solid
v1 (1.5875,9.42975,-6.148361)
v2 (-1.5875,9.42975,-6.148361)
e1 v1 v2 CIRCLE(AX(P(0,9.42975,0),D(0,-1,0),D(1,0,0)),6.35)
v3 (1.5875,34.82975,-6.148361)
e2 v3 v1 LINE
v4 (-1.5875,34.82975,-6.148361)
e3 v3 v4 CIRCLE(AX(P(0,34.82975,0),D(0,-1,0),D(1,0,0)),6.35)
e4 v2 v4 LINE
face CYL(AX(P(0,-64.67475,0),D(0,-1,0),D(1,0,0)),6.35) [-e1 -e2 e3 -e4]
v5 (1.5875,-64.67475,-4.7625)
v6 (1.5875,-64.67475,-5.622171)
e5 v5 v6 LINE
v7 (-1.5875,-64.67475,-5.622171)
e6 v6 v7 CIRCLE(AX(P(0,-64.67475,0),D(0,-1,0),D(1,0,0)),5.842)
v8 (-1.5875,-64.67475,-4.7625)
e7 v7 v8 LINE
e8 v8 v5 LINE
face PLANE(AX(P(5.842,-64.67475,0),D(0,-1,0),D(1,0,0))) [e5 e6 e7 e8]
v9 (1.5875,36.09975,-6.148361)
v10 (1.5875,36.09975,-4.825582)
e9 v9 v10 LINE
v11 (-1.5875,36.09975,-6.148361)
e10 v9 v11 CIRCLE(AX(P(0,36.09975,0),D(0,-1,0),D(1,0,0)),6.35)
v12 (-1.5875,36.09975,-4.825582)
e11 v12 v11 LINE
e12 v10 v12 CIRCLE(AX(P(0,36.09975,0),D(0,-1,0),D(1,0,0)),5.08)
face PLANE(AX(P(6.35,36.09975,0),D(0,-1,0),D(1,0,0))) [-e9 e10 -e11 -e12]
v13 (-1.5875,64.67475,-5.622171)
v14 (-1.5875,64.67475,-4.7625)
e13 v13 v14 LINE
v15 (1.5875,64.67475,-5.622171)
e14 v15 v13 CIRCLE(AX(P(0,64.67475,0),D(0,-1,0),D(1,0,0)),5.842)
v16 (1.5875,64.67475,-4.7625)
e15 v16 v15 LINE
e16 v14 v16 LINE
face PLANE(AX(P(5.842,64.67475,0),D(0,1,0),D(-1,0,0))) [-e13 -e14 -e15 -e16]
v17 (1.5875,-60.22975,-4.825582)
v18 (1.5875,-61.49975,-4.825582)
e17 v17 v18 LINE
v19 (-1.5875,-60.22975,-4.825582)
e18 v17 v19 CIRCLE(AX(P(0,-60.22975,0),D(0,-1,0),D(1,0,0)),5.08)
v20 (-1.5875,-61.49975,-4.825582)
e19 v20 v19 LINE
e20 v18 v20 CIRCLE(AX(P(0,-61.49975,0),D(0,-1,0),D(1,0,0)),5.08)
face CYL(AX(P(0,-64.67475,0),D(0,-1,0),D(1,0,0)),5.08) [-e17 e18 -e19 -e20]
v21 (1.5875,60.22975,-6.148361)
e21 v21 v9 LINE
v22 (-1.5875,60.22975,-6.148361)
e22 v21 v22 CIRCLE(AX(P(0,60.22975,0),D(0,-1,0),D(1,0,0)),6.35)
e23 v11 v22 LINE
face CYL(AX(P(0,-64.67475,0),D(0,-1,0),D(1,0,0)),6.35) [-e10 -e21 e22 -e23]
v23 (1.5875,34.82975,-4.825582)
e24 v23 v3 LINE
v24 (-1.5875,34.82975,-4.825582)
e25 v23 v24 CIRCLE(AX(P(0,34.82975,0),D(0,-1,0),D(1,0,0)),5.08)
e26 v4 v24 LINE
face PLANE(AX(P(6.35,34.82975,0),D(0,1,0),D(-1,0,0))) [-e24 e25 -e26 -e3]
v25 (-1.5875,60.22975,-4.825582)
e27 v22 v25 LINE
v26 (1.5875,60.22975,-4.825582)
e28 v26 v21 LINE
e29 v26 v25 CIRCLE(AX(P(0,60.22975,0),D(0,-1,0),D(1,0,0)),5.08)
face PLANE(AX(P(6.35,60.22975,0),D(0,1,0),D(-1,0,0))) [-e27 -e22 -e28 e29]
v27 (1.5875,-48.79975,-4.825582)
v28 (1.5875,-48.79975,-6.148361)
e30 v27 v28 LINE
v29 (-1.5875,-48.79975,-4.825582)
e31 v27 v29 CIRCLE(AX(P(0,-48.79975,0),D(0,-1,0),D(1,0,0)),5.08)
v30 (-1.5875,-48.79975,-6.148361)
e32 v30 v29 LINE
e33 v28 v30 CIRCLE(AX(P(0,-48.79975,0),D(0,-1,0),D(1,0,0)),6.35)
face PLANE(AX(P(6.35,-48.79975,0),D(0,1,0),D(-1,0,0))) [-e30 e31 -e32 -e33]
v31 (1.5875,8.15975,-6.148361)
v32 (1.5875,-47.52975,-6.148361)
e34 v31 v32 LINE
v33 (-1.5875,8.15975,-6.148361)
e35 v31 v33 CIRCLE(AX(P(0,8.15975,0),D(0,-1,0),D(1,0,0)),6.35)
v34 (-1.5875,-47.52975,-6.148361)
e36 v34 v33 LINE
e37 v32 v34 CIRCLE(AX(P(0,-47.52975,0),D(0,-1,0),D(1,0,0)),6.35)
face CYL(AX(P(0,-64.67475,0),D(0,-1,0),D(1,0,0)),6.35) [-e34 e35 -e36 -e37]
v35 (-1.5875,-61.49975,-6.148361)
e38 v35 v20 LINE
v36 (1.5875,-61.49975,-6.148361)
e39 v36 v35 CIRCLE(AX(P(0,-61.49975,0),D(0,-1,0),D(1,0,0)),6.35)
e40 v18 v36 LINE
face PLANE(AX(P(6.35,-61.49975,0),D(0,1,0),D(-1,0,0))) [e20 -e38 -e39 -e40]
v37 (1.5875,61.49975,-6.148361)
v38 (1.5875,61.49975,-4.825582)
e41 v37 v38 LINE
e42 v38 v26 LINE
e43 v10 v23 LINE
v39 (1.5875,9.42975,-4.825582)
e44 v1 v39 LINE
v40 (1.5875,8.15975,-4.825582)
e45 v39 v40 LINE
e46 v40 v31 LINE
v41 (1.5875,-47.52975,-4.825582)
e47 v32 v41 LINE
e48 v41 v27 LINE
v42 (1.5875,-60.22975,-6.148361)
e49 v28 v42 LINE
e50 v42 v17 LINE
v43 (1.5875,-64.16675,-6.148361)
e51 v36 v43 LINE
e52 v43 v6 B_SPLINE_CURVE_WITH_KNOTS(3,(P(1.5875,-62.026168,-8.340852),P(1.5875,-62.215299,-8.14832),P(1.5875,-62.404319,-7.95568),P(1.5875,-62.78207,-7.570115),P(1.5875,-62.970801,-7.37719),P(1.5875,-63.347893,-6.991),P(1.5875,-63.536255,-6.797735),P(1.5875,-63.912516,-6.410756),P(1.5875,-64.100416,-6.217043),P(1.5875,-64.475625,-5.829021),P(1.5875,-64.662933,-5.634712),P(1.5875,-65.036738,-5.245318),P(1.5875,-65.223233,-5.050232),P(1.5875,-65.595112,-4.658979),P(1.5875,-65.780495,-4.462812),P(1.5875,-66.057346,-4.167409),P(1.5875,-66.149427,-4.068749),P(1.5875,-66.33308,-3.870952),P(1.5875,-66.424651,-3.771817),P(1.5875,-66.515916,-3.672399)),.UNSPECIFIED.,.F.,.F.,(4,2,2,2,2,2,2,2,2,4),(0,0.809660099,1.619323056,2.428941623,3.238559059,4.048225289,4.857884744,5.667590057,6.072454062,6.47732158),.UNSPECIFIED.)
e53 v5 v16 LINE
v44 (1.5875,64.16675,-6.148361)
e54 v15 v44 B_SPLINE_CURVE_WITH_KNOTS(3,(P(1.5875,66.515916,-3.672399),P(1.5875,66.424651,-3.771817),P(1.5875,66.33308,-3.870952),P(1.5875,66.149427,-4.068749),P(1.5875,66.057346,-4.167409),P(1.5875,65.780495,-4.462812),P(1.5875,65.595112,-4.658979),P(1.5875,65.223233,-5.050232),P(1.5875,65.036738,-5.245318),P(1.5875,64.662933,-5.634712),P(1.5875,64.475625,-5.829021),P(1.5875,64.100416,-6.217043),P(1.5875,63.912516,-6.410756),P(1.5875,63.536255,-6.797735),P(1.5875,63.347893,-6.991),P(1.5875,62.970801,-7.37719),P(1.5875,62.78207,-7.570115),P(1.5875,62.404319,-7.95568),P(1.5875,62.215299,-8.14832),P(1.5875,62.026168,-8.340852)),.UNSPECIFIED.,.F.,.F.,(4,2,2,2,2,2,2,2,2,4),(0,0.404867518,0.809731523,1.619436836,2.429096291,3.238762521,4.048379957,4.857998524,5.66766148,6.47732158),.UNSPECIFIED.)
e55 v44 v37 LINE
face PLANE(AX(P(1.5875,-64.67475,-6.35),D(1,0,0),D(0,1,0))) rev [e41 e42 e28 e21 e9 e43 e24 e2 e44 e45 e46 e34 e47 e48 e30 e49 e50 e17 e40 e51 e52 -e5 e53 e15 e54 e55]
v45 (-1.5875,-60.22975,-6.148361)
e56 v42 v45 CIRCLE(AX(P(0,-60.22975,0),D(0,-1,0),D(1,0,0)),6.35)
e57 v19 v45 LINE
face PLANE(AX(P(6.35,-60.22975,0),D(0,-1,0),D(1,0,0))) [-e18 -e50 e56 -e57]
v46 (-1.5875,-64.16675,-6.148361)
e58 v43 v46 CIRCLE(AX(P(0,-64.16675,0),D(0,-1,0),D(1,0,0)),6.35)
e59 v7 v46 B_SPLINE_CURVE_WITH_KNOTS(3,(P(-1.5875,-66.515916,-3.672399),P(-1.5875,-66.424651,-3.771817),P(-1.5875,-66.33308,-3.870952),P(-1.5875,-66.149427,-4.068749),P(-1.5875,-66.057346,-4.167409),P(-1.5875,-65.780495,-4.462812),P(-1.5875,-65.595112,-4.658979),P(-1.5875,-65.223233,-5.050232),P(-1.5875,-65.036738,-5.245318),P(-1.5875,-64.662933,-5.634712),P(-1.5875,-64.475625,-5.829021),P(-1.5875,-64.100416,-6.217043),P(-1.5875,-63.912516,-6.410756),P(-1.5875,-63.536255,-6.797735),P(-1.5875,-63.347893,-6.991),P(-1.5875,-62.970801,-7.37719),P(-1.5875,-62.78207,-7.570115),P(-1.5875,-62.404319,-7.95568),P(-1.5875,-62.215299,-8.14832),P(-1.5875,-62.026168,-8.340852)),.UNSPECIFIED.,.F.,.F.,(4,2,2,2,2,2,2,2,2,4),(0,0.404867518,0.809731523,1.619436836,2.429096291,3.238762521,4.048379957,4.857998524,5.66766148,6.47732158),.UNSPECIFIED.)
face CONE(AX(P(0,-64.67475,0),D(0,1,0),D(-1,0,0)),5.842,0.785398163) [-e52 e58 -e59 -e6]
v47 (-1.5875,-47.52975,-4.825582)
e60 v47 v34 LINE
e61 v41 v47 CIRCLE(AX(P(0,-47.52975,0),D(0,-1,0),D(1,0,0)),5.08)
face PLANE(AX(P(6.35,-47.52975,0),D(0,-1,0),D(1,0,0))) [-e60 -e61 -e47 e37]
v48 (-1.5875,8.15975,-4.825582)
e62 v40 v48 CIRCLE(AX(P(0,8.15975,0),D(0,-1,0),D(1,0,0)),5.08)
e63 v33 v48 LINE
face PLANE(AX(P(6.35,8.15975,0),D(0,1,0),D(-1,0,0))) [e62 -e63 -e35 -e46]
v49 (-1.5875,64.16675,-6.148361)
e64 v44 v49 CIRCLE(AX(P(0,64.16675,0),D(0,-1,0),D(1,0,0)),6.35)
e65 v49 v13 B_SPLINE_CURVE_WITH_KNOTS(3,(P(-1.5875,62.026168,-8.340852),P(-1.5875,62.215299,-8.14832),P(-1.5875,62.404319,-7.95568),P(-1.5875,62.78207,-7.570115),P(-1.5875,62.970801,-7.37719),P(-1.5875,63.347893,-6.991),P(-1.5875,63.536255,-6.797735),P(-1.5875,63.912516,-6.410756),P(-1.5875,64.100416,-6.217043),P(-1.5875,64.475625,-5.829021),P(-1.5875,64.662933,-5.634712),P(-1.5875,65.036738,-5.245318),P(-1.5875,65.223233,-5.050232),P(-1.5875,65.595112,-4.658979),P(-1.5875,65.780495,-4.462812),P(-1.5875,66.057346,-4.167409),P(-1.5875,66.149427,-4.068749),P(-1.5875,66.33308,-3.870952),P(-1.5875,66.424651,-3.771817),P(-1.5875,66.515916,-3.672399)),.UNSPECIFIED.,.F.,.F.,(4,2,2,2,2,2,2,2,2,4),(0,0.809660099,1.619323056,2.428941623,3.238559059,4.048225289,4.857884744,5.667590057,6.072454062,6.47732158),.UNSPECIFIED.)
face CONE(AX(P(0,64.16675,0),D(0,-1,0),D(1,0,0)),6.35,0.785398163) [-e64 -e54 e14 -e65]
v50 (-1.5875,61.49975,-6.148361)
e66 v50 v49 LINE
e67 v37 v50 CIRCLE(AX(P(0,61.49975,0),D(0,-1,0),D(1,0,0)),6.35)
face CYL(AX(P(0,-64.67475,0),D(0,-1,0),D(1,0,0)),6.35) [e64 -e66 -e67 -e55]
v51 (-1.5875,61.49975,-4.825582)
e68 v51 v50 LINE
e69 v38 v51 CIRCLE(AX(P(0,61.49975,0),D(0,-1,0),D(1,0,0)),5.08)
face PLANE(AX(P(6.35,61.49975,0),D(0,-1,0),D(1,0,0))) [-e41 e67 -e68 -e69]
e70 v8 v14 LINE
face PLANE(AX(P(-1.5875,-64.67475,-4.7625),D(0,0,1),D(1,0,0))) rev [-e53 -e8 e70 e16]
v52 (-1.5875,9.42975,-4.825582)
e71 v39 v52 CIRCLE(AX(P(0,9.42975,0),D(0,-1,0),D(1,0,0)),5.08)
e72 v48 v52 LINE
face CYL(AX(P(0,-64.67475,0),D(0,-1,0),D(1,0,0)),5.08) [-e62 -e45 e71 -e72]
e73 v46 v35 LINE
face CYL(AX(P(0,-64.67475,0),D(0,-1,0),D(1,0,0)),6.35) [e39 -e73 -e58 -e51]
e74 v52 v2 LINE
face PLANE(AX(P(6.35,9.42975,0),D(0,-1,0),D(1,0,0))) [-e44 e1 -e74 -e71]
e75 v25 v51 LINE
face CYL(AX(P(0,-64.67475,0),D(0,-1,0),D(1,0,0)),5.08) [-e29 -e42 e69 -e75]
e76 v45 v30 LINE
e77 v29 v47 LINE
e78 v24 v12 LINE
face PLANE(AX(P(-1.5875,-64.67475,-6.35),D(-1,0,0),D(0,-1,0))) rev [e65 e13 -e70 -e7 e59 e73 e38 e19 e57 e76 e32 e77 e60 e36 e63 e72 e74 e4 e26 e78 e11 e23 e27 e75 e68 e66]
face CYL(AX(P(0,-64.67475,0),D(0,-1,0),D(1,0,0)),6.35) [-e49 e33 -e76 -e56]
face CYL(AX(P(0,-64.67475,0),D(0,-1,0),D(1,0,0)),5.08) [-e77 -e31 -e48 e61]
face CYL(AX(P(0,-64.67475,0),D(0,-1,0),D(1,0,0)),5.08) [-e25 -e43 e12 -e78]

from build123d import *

# Parameters (mm, degrees)
SKETCH2_W          = 3.175
SKETCH2_H          = 1.5875
CUT_EXTRUDE1_DEPTH = 130.660858204


with BuildPart() as part:
    # Sketch1 → Revolve1 (revolve)
    with BuildSketch(Plane.XY):
        Polygon((6.35, 64.16675), (5.842, 64.67475), (0, 64.67475), (0, -64.67475), (5.842, -64.67475), (6.35, -64.16675), (6.35, -61.49975), (5.08, -61.49975), (5.08, -60.22975), (6.35, -60.22975), (6.35, -48.79975), (5.08, -48.79975), (5.08, -47.52975), (6.35, -47.52975), (6.35, 8.15975), (5.08, 8.15975), (5.08, 9.42975), (6.35, 9.42975), (6.35, 34.82975), (5.08, 34.82975), (5.08, 36.09975), (6.35, 36.09975), (6.35, 60.22975), (5.08, 60.22975), (5.08, 61.49975), (6.35, 61.49975), align=None)
    revolve(axis=Axis((0, -64.67475, 0), (0, 1, 0)))

    # Sketch2 → Cut-Extrude1 (cut, through all)
    with BuildSketch(Plane(origin=(0, 64.67475, 0), x_dir=(1, 0, 0), z_dir=(0, 1, 0))):
        with Locations((0, 5.55625)):
            Rectangle(SKETCH2_W, SKETCH2_H)
    extrude(amount=-CUT_EXTRUDE1_DEPTH, mode=Mode.SUBTRACT)


solid = part.part
